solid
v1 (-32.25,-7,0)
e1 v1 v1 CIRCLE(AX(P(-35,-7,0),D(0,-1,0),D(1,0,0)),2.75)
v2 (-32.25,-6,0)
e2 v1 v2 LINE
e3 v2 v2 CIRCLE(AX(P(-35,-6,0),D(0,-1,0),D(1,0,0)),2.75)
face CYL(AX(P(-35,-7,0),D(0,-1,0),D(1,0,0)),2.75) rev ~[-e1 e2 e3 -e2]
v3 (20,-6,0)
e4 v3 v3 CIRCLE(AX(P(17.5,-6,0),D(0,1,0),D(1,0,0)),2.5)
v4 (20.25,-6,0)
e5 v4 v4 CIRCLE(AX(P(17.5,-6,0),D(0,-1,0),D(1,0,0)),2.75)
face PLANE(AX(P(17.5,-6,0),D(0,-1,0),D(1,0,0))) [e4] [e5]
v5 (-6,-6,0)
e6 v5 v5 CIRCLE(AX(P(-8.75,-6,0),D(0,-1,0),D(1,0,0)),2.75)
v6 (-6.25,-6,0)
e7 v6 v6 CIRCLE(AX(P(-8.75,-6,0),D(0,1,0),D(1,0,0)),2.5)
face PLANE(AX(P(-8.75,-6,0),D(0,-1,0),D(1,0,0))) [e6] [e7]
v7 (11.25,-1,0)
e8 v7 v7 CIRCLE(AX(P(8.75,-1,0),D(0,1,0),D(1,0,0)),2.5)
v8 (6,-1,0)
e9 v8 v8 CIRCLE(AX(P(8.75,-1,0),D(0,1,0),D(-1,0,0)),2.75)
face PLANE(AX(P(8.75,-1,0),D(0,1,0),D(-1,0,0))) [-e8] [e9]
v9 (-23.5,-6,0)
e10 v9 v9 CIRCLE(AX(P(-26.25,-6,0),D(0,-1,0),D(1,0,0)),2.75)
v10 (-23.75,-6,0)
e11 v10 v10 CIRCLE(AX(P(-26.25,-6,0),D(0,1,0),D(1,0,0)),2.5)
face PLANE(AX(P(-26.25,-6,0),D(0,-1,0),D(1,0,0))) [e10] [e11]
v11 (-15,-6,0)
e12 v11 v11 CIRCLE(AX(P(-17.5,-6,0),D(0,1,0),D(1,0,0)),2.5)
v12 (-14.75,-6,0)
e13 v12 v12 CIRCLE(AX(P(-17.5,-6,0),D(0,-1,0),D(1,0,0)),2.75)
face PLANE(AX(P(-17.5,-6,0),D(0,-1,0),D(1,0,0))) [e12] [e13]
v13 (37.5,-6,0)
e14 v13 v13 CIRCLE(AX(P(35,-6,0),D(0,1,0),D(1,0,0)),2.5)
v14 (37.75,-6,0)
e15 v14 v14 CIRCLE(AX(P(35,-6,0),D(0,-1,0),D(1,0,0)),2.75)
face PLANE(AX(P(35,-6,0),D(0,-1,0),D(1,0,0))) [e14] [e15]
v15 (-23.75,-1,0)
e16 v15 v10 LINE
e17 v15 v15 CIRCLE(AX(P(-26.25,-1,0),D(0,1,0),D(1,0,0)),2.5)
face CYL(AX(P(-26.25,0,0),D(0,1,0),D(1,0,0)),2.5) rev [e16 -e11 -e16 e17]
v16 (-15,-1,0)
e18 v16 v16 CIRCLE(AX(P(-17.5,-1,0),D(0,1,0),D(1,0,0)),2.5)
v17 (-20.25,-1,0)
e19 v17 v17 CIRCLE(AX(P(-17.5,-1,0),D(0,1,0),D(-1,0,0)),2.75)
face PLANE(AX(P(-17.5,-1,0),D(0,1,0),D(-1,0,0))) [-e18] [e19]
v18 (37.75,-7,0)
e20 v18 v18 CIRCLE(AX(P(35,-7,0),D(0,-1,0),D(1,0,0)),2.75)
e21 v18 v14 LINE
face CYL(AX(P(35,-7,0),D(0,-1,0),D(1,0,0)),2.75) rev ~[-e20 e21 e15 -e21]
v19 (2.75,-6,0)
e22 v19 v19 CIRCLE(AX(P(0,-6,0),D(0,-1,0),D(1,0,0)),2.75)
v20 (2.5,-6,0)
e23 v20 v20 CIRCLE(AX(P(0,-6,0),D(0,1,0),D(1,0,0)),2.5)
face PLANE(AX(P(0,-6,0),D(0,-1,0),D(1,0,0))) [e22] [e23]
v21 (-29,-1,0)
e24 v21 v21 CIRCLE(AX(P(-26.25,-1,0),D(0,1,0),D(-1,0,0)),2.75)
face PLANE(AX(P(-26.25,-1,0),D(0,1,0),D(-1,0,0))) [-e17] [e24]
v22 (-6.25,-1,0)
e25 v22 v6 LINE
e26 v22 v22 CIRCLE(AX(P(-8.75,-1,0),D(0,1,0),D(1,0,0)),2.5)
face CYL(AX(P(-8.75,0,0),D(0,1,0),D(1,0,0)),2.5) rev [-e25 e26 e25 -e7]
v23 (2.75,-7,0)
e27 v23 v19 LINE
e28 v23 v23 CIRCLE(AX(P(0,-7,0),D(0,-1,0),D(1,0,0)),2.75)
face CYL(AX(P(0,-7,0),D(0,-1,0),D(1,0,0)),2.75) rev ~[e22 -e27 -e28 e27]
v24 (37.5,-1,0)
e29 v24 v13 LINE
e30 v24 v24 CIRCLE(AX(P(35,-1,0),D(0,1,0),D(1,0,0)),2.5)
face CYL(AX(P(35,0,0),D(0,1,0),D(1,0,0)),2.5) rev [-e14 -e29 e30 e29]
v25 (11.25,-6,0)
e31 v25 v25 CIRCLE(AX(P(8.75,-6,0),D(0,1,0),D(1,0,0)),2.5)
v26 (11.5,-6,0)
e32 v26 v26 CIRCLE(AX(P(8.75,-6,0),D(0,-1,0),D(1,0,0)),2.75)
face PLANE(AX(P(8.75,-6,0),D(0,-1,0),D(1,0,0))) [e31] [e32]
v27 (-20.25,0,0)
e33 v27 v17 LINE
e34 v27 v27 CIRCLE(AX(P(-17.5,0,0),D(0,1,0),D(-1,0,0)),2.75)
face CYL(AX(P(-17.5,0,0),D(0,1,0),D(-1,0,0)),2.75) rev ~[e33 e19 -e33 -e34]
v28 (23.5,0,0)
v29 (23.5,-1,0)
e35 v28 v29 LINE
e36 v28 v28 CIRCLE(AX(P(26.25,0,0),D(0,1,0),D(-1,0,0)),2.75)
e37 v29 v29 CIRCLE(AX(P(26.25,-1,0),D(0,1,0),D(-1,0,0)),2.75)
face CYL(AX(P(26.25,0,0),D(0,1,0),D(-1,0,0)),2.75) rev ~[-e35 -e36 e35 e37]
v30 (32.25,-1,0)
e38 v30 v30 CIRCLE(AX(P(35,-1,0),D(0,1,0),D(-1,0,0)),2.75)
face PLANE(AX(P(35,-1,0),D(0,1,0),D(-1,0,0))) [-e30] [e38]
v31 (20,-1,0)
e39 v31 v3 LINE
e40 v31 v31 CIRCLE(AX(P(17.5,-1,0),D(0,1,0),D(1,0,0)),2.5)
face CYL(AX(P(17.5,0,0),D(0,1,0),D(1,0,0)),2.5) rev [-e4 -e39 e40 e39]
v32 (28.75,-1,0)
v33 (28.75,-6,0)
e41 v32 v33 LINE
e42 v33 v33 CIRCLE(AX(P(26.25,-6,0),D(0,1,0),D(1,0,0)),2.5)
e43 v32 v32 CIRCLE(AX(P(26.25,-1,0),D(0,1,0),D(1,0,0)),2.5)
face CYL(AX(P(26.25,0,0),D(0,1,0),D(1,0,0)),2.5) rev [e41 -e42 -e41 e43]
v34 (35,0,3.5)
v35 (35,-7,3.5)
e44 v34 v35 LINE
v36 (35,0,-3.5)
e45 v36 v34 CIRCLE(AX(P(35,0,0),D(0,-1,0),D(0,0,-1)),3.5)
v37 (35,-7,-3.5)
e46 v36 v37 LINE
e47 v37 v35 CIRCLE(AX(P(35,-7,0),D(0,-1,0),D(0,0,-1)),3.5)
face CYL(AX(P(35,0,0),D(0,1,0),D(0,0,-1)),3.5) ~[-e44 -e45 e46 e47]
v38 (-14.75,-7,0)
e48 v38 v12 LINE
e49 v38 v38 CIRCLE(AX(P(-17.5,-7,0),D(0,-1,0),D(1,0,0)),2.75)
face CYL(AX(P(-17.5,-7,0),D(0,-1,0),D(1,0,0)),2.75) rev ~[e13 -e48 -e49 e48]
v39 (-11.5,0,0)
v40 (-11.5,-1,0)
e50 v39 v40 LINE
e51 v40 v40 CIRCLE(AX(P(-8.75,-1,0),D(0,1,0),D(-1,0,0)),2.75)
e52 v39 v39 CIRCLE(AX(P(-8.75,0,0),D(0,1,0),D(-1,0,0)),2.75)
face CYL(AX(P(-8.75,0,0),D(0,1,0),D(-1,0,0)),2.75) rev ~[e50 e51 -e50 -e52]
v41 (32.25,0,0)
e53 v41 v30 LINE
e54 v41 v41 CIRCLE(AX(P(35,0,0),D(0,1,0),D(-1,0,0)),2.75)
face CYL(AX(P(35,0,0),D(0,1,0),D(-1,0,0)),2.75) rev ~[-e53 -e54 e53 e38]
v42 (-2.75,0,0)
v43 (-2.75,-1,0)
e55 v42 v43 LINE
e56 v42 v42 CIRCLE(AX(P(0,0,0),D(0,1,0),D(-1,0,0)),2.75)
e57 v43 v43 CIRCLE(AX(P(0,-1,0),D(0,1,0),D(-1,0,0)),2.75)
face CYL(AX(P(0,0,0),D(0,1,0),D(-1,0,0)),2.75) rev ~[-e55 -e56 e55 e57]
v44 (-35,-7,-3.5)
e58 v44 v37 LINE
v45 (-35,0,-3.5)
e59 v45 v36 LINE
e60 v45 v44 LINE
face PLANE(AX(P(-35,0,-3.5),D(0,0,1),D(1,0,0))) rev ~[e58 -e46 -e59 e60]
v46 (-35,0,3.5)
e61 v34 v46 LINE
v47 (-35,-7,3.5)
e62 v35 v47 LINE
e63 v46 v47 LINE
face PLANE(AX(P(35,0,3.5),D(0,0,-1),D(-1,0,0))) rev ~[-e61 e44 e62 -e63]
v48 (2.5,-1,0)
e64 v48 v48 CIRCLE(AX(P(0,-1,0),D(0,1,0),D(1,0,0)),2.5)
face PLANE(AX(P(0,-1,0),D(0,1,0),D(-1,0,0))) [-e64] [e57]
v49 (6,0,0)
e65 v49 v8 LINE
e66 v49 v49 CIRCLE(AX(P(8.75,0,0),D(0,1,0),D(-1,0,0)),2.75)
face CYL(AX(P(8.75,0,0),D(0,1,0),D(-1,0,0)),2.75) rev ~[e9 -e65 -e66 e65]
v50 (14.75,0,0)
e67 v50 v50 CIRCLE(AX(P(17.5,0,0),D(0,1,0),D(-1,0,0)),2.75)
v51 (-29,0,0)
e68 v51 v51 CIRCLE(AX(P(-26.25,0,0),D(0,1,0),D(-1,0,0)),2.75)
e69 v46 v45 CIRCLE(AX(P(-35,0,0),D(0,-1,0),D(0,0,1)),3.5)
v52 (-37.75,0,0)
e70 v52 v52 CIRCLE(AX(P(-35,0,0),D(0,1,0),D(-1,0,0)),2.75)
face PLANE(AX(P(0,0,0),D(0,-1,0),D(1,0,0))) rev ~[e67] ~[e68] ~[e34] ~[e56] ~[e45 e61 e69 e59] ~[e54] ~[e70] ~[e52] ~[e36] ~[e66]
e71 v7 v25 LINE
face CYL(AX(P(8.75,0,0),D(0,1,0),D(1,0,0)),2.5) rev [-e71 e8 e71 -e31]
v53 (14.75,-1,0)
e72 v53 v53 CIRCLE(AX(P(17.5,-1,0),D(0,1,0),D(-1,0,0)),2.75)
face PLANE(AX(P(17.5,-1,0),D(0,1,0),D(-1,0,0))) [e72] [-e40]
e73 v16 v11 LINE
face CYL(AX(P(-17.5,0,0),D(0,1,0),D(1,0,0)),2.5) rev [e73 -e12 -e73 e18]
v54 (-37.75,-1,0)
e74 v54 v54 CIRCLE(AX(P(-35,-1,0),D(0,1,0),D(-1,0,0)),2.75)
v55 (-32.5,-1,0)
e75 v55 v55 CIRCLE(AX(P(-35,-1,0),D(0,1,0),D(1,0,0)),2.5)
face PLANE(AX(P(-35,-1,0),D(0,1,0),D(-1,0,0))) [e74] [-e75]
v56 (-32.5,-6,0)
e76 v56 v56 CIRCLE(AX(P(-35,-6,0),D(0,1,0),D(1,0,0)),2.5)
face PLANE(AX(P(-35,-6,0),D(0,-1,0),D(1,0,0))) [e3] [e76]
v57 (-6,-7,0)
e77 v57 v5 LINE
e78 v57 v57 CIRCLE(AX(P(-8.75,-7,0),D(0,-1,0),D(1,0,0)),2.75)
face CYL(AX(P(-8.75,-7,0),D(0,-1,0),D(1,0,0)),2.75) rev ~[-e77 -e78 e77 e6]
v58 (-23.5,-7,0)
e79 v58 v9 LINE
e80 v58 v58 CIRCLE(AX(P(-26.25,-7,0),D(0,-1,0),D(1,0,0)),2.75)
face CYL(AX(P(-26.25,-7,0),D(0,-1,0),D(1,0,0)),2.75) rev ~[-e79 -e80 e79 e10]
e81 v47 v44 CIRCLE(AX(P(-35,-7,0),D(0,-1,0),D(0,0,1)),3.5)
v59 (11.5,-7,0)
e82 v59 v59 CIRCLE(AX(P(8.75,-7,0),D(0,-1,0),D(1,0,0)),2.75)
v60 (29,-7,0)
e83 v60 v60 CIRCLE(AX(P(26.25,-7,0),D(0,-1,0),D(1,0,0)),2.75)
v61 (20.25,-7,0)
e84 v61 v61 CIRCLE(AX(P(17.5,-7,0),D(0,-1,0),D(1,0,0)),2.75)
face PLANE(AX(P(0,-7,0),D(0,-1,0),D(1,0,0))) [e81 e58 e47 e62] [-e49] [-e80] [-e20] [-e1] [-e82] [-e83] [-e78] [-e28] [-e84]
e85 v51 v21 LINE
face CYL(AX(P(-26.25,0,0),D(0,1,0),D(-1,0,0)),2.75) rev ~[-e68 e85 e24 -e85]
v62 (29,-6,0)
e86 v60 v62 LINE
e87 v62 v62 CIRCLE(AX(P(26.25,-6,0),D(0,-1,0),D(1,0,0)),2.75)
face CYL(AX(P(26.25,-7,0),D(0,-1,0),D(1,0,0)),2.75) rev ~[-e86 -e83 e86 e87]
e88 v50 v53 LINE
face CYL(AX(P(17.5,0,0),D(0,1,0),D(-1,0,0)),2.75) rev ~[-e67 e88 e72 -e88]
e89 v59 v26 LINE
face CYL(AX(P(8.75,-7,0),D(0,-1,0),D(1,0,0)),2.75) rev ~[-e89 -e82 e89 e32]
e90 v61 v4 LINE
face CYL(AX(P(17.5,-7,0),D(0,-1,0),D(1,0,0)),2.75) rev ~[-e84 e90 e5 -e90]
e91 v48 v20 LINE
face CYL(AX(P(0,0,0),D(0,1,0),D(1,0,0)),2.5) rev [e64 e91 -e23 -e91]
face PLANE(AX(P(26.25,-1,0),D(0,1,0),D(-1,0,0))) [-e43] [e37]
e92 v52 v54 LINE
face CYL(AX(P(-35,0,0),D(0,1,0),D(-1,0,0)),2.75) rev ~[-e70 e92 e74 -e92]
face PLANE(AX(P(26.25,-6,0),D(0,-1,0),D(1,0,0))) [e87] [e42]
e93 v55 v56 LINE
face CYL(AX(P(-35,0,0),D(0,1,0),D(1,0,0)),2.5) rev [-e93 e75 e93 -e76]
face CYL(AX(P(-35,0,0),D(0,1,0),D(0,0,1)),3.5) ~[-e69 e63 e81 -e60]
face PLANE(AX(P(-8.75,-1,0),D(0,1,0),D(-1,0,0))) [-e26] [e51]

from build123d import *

# Parameters (mm, degrees)
F0_R     = 2.5
F1_DEPTH = 7
F2_R     = 2.75
F3_DEPTH = 1
F4_R     = 2.75
F5_DEPTH = 1


with BuildPart() as f1:
    # F0 (on Front) → F1 (new body)
    with BuildSketch(Plane.XZ):
        with BuildLine():
            ThreePointArc((35, -3.5), (38.5, 0), (35, 3.5))
            Line((35, 3.5), (-35, 3.5))
            ThreePointArc((-35, 3.5), (-38.5, 0), (-35, -3.5))
            Line((-35, -3.5), (35, -3.5))
        make_face()
        with Locations((-35, 0)):
            Circle(F0_R, mode=Mode.SUBTRACT)
        with Locations((-26.25, 0)):
            Circle(F0_R, mode=Mode.SUBTRACT)
        with Locations((-17.5, 0)):
            Circle(F0_R, mode=Mode.SUBTRACT)
        with Locations((-8.75, 0)):
            Circle(F0_R, mode=Mode.SUBTRACT)
        with Locations((0, 0)):
            Circle(F0_R, mode=Mode.SUBTRACT)
        with Locations((8.75, 0)):
            Circle(F0_R, mode=Mode.SUBTRACT)
        with Locations((17.5, 0)):
            Circle(F0_R, mode=Mode.SUBTRACT)
        with Locations((26.25, 0)):
            Circle(F0_R, mode=Mode.SUBTRACT)
        with Locations((35, 0)):
            Circle(F0_R, mode=Mode.SUBTRACT)
    extrude(amount=F1_DEPTH)

    # F2 (on face) → F3 (cut)
    with BuildSketch(Plane(origin=(0, 0, 0), x_dir=(-1, 0, 0), z_dir=(0, 1, 0))):
        with Locations((35, 0)):
            Circle(F2_R)
        with Locations((26.25, 0)):
            Circle(F2_R)
        with Locations((17.5, 0)):
            Circle(F2_R)
        with Locations((8.75, 0)):
            Circle(F2_R)
        with Locations((0, 0)):
            Circle(F2_R)
        with Locations((-8.75, 0)):
            Circle(F2_R)
        with Locations((-17.5, 0)):
            Circle(F2_R)
        with Locations((-26.25, 0)):
            Circle(F2_R)
        with Locations((-35, 0)):
            Circle(F2_R)
    extrude(amount=-F3_DEPTH, mode=Mode.SUBTRACT)

    # F4 (on face) → F5 (cut)
    with BuildSketch(Plane.XZ.offset(7)):
        with Locations((-35, 0)):
            Circle(F4_R)
        with Locations((-26.25, 0)):
            Circle(F4_R)
        with Locations((-17.5, 0)):
            Circle(F4_R)
        with Locations((-8.75, 0)):
            Circle(F4_R)
        with Locations((0, 0)):
            Circle(F4_R)
        with Locations((8.75, 0)):
            Circle(F4_R)
        with Locations((17.5, 0)):
            Circle(F4_R)
        with Locations((26.25, 0)):
            Circle(F4_R)
        with Locations((35, 0)):
            Circle(F4_R)
    extrude(amount=-F5_DEPTH, mode=Mode.SUBTRACT)


solid = f1.part
